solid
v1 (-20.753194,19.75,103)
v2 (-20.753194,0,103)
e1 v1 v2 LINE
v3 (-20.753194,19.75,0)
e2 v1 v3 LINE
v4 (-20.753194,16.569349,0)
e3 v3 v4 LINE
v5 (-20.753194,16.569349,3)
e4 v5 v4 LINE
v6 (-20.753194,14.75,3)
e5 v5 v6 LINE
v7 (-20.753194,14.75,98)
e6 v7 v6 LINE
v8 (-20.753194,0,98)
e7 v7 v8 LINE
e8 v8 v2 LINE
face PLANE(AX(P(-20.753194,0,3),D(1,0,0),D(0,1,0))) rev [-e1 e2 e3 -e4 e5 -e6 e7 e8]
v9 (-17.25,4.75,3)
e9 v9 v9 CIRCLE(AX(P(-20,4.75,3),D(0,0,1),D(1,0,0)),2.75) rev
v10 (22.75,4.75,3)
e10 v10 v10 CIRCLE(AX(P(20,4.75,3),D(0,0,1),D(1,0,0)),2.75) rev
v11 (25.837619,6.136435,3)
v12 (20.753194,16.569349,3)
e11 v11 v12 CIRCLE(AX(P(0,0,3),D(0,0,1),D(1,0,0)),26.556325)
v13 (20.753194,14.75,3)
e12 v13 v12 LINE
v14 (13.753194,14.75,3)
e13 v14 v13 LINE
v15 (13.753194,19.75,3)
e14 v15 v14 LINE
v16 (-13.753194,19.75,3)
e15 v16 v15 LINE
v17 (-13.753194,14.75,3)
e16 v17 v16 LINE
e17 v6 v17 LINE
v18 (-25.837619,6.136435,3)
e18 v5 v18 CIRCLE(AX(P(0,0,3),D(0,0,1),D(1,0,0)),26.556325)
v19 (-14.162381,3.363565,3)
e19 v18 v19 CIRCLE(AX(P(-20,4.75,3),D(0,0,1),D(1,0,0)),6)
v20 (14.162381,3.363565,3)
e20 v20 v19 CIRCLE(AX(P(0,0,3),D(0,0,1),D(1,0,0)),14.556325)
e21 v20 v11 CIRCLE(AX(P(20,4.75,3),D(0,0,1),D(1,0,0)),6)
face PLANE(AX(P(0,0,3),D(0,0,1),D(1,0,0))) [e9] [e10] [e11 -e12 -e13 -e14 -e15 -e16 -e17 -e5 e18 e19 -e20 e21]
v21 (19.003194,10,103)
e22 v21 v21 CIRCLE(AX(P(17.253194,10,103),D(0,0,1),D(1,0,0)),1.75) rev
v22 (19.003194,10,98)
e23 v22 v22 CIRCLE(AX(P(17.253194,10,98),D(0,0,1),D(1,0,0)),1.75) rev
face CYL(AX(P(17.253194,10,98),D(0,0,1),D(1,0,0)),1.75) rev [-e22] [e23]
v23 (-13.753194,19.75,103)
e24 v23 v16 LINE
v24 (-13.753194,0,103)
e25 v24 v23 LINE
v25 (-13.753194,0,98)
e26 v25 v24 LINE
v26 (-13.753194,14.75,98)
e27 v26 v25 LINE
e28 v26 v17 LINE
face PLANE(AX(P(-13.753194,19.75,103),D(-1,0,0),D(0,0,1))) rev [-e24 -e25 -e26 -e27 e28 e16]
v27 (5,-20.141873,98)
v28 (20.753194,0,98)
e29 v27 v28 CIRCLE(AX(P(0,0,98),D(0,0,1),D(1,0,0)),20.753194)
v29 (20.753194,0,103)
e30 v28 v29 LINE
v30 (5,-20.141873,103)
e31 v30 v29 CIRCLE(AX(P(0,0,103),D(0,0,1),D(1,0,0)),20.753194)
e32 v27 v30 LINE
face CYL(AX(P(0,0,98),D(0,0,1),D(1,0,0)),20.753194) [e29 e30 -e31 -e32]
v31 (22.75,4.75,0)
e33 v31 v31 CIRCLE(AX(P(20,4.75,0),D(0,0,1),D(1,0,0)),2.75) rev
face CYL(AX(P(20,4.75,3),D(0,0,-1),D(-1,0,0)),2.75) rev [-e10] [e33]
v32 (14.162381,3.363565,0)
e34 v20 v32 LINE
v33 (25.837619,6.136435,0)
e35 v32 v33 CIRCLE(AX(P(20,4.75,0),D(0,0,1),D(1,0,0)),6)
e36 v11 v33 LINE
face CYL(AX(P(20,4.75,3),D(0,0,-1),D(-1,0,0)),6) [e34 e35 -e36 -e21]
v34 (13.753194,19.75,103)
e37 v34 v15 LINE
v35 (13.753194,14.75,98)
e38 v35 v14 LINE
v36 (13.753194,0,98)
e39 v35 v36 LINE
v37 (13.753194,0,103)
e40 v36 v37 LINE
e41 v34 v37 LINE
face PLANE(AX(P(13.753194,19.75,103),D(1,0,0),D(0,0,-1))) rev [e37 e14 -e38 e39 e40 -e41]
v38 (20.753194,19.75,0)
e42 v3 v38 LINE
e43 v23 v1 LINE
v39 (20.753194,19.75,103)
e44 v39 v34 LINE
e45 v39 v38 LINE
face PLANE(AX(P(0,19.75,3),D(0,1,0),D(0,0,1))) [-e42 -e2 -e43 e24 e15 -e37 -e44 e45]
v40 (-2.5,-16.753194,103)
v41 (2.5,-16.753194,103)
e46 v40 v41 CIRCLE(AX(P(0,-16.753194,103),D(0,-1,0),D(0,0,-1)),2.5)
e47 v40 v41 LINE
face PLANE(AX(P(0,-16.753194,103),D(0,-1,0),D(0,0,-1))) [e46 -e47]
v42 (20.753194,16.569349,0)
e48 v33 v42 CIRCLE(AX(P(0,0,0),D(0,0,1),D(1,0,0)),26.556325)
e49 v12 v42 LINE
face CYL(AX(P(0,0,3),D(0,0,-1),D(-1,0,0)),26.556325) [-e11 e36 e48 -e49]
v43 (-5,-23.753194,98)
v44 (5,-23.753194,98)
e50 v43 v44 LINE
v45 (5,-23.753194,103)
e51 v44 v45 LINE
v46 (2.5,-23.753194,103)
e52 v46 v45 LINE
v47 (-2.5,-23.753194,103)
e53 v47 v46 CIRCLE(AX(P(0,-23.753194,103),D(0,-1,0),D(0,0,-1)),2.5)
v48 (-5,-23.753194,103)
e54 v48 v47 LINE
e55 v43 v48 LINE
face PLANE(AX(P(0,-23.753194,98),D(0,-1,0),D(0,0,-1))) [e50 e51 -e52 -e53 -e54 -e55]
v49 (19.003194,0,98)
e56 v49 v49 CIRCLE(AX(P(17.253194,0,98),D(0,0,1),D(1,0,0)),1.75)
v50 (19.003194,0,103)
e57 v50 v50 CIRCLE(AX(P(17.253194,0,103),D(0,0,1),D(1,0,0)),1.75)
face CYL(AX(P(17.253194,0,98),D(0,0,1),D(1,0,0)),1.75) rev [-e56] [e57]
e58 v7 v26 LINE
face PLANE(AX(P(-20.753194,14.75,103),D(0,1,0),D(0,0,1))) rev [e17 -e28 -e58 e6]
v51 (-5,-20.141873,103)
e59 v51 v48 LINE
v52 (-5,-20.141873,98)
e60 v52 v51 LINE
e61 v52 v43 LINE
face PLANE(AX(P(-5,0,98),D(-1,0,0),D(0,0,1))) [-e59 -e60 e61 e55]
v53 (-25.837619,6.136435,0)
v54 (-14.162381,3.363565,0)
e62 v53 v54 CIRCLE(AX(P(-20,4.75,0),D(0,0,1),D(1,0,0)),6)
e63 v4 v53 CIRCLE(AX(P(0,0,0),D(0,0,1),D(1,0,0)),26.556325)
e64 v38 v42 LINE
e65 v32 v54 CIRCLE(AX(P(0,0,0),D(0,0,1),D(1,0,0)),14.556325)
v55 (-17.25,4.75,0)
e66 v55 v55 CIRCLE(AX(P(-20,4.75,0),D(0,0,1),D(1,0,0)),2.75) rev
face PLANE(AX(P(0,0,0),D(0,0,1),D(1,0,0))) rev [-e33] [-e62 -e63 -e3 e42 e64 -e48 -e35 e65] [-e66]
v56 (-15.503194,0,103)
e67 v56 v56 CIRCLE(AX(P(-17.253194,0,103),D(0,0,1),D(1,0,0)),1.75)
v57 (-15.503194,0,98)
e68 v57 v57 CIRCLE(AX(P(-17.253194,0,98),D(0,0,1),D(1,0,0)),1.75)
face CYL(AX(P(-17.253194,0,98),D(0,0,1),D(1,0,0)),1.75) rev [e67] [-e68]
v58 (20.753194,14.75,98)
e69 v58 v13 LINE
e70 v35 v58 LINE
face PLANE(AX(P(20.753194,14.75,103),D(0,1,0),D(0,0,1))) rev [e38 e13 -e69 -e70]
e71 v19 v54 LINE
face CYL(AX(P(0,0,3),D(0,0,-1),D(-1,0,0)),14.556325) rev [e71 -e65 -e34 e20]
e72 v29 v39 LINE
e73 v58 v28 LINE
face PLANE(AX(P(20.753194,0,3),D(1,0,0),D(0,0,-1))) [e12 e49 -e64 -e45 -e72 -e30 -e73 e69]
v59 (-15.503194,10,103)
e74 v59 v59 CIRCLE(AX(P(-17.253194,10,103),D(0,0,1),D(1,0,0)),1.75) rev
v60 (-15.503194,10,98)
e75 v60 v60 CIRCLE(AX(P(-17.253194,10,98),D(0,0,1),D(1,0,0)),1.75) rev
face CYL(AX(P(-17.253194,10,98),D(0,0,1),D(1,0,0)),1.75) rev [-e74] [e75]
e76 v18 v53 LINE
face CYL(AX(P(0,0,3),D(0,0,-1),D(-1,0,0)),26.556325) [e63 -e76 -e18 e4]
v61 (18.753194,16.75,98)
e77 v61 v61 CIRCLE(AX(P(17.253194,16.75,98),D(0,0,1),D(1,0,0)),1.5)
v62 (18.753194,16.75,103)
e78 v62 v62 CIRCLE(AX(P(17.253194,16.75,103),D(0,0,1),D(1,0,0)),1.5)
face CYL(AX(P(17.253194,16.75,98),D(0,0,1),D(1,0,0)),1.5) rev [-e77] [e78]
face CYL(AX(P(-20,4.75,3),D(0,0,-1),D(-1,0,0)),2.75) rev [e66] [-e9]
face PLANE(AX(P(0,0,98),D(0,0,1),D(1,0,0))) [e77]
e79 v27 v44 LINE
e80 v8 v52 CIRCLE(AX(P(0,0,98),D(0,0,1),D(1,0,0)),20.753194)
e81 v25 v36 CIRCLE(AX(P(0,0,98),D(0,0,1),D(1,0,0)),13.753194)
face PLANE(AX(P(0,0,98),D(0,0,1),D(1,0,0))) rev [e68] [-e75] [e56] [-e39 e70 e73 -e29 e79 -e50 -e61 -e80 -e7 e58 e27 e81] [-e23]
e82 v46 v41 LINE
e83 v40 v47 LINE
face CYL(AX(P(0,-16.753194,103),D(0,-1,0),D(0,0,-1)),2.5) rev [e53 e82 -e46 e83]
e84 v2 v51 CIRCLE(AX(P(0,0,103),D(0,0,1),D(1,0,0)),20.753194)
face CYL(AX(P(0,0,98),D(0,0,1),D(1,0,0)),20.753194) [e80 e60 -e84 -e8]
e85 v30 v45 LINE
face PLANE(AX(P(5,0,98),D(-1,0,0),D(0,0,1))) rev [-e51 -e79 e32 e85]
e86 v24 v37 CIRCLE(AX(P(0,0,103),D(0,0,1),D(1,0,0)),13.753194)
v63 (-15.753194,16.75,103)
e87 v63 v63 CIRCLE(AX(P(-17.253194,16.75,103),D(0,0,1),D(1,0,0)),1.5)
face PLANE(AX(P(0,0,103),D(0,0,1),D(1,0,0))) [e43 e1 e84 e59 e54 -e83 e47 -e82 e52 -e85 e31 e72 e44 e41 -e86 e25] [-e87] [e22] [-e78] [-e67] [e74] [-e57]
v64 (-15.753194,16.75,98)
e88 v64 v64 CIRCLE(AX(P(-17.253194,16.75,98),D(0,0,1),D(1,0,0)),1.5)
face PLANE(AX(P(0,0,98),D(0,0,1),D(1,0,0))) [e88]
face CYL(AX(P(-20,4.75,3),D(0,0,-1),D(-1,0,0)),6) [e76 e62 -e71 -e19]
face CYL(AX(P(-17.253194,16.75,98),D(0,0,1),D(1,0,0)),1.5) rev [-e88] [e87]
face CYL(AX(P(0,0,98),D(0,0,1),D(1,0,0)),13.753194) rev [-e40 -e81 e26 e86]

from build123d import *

# Parameters (mm, degrees)
SKETCH2_R           = 2.75
BOSS_EXTRUDE1_DEPTH = 3
SKETCH3_W           = 7
SKETCH3_H           = 5
BOSS_EXTRUDE2_DEPTH = 100
BOSS_EXTRUDE3_DEPTH = 5
SKETCH5_R           = 1.75
CUT_EXTRUDE1_DEPTH  = 5
SKETCH6_R           = 1.5
CUT_EXTRUDE2_DEPTH  = 5
SKETCH7_R           = 2.5
CUT_EXTRUDE3_DEPTH  = 7


with BuildPart() as part:
    # Sketch2 → Boss-Extrude1 (new body)
    with BuildSketch(Plane.XY):
        with BuildLine():
            Line((-20.753194099, 19.75), (-20.753194099, 16.569349275))
            ThreePointArc((-20.753194099, 16.569349275), (-23.872314522, 11.634044872), (-25.837619304, 6.136434585))
            ThreePointArc((-25.837619304, 6.136434585), (-21.386434585, -1.087619304), (-14.162380696, 3.363565415))
            ThreePointArc((-14.162380696, 3.363565415), (0, 14.556325061), (14.162380696, 3.363565415))
            ThreePointArc((14.162380696, 3.363565415), (21.386434585, -1.087619304), (25.837619304, 6.136434585))
            ThreePointArc((25.837619304, 6.136434585), (23.872314522, 11.634044872), (20.753194099, 16.569349275))
            Line((20.753194099, 16.569349275), (20.753194099, 19.75))
            Line((20.753194099, 19.75), (0, 19.75))
            Line((0, 19.75), (-20.753194099, 19.75))
        make_face()
        with Locations((-20, 4.75)):
            Circle(SKETCH2_R, mode=Mode.SUBTRACT)
        with Locations((20, 4.75)):
            Circle(SKETCH2_R, mode=Mode.SUBTRACT)
    extrude(amount=BOSS_EXTRUDE1_DEPTH)

    # Sketch3 → Boss-Extrude2 (add)
    with BuildSketch(Plane.XY.offset(3)):
        with Locations((-17.253194099, 17.25)):
            Rectangle(SKETCH3_W, SKETCH3_H)
        with Locations((17.253194099, 17.25)):
            Rectangle(SKETCH3_W, SKETCH3_H)
    extrude(amount=BOSS_EXTRUDE2_DEPTH)

    # Sketch4 → Boss-Extrude3 (add)
    with BuildSketch(Plane.XY.offset(103)):
        with BuildLine():
            Line((20.753194099, 19.75), (13.753194099, 19.75))
            Line((13.753194099, 19.75), (13.753194099, 0))
            ThreePointArc((13.753194099, 0), (0, -13.753194099), (-13.753194099, 0))
            Line((-13.753194099, 0), (-13.753194099, 19.75))
            Line((-13.753194099, 19.75), (-20.753194099, 19.75))
            Line((-20.753194099, 19.75), (-20.753194099, 0))
            ThreePointArc((-20.753194099, 0), (-16.34718685, -12.785325472), (-5, -20.141873431))
            Line((-5, -20.141873431), (-5, -23.753194099))
            Line((-5, -23.753194099), (5, -23.753194099))
            Line((5, -23.753194099), (5, -20.141873431))
            ThreePointArc((5, -20.141873431), (16.34718685, -12.785325472), (20.753194099, 0))
            Line((20.753194099, 0), (20.753194099, 19.75))
        make_face()
    extrude(amount=-BOSS_EXTRUDE3_DEPTH)

    # Sketch5 → Cut-Extrude1 (cut)
    with BuildSketch(Plane.XY.offset(103)):
        with Locations((-17.253194099, 10)):
            Circle(SKETCH5_R)
        with Locations((17.253194099, 10)):
            Circle(SKETCH5_R)
        with BuildLine():
            ThreePointArc((19.003194099, 0), (17.253194099, 1.75), (15.503194099, 0))
            Line((15.503194099, 0), (19.003194099, 0))
        make_face()
        with BuildLine():
            Line((19.003194099, 0), (15.503194099, 0))
            ThreePointArc((15.503194099, 0), (17.253194099, -1.75), (19.003194099, 0))
        make_face()
        with BuildLine():
            ThreePointArc((-19.003194099, 0), (-17.253194099, -1.75), (-15.503194099, 0))
            Line((-15.503194099, 0), (-19.003194099, 0))
        make_face()
        with BuildLine():
            Line((-19.003194099, 0), (-15.503194099, 0))
            ThreePointArc((-15.503194099, 0), (-17.253194099, 1.75), (-19.003194099, 0))
        make_face()
    extrude(amount=-CUT_EXTRUDE1_DEPTH, mode=Mode.SUBTRACT)

    # Sketch6 → Cut-Extrude2 (cut)
    with BuildSketch(Plane.XY.offset(103)):
        with Locations((-17.253194099, 16.75)):
            Circle(SKETCH6_R)
        with Locations((17.253194099, 16.75)):
            Circle(SKETCH6_R)
    extrude(amount=-CUT_EXTRUDE2_DEPTH, mode=Mode.SUBTRACT)

    # Sketch7 → Cut-Extrude3 (cut)
    with BuildSketch(Plane.XZ.offset(23.753194099)):
        with Locations((0, 103)):
            Circle(SKETCH7_R)
    extrude(amount=-CUT_EXTRUDE3_DEPTH, mode=Mode.SUBTRACT)


solid = part.part
